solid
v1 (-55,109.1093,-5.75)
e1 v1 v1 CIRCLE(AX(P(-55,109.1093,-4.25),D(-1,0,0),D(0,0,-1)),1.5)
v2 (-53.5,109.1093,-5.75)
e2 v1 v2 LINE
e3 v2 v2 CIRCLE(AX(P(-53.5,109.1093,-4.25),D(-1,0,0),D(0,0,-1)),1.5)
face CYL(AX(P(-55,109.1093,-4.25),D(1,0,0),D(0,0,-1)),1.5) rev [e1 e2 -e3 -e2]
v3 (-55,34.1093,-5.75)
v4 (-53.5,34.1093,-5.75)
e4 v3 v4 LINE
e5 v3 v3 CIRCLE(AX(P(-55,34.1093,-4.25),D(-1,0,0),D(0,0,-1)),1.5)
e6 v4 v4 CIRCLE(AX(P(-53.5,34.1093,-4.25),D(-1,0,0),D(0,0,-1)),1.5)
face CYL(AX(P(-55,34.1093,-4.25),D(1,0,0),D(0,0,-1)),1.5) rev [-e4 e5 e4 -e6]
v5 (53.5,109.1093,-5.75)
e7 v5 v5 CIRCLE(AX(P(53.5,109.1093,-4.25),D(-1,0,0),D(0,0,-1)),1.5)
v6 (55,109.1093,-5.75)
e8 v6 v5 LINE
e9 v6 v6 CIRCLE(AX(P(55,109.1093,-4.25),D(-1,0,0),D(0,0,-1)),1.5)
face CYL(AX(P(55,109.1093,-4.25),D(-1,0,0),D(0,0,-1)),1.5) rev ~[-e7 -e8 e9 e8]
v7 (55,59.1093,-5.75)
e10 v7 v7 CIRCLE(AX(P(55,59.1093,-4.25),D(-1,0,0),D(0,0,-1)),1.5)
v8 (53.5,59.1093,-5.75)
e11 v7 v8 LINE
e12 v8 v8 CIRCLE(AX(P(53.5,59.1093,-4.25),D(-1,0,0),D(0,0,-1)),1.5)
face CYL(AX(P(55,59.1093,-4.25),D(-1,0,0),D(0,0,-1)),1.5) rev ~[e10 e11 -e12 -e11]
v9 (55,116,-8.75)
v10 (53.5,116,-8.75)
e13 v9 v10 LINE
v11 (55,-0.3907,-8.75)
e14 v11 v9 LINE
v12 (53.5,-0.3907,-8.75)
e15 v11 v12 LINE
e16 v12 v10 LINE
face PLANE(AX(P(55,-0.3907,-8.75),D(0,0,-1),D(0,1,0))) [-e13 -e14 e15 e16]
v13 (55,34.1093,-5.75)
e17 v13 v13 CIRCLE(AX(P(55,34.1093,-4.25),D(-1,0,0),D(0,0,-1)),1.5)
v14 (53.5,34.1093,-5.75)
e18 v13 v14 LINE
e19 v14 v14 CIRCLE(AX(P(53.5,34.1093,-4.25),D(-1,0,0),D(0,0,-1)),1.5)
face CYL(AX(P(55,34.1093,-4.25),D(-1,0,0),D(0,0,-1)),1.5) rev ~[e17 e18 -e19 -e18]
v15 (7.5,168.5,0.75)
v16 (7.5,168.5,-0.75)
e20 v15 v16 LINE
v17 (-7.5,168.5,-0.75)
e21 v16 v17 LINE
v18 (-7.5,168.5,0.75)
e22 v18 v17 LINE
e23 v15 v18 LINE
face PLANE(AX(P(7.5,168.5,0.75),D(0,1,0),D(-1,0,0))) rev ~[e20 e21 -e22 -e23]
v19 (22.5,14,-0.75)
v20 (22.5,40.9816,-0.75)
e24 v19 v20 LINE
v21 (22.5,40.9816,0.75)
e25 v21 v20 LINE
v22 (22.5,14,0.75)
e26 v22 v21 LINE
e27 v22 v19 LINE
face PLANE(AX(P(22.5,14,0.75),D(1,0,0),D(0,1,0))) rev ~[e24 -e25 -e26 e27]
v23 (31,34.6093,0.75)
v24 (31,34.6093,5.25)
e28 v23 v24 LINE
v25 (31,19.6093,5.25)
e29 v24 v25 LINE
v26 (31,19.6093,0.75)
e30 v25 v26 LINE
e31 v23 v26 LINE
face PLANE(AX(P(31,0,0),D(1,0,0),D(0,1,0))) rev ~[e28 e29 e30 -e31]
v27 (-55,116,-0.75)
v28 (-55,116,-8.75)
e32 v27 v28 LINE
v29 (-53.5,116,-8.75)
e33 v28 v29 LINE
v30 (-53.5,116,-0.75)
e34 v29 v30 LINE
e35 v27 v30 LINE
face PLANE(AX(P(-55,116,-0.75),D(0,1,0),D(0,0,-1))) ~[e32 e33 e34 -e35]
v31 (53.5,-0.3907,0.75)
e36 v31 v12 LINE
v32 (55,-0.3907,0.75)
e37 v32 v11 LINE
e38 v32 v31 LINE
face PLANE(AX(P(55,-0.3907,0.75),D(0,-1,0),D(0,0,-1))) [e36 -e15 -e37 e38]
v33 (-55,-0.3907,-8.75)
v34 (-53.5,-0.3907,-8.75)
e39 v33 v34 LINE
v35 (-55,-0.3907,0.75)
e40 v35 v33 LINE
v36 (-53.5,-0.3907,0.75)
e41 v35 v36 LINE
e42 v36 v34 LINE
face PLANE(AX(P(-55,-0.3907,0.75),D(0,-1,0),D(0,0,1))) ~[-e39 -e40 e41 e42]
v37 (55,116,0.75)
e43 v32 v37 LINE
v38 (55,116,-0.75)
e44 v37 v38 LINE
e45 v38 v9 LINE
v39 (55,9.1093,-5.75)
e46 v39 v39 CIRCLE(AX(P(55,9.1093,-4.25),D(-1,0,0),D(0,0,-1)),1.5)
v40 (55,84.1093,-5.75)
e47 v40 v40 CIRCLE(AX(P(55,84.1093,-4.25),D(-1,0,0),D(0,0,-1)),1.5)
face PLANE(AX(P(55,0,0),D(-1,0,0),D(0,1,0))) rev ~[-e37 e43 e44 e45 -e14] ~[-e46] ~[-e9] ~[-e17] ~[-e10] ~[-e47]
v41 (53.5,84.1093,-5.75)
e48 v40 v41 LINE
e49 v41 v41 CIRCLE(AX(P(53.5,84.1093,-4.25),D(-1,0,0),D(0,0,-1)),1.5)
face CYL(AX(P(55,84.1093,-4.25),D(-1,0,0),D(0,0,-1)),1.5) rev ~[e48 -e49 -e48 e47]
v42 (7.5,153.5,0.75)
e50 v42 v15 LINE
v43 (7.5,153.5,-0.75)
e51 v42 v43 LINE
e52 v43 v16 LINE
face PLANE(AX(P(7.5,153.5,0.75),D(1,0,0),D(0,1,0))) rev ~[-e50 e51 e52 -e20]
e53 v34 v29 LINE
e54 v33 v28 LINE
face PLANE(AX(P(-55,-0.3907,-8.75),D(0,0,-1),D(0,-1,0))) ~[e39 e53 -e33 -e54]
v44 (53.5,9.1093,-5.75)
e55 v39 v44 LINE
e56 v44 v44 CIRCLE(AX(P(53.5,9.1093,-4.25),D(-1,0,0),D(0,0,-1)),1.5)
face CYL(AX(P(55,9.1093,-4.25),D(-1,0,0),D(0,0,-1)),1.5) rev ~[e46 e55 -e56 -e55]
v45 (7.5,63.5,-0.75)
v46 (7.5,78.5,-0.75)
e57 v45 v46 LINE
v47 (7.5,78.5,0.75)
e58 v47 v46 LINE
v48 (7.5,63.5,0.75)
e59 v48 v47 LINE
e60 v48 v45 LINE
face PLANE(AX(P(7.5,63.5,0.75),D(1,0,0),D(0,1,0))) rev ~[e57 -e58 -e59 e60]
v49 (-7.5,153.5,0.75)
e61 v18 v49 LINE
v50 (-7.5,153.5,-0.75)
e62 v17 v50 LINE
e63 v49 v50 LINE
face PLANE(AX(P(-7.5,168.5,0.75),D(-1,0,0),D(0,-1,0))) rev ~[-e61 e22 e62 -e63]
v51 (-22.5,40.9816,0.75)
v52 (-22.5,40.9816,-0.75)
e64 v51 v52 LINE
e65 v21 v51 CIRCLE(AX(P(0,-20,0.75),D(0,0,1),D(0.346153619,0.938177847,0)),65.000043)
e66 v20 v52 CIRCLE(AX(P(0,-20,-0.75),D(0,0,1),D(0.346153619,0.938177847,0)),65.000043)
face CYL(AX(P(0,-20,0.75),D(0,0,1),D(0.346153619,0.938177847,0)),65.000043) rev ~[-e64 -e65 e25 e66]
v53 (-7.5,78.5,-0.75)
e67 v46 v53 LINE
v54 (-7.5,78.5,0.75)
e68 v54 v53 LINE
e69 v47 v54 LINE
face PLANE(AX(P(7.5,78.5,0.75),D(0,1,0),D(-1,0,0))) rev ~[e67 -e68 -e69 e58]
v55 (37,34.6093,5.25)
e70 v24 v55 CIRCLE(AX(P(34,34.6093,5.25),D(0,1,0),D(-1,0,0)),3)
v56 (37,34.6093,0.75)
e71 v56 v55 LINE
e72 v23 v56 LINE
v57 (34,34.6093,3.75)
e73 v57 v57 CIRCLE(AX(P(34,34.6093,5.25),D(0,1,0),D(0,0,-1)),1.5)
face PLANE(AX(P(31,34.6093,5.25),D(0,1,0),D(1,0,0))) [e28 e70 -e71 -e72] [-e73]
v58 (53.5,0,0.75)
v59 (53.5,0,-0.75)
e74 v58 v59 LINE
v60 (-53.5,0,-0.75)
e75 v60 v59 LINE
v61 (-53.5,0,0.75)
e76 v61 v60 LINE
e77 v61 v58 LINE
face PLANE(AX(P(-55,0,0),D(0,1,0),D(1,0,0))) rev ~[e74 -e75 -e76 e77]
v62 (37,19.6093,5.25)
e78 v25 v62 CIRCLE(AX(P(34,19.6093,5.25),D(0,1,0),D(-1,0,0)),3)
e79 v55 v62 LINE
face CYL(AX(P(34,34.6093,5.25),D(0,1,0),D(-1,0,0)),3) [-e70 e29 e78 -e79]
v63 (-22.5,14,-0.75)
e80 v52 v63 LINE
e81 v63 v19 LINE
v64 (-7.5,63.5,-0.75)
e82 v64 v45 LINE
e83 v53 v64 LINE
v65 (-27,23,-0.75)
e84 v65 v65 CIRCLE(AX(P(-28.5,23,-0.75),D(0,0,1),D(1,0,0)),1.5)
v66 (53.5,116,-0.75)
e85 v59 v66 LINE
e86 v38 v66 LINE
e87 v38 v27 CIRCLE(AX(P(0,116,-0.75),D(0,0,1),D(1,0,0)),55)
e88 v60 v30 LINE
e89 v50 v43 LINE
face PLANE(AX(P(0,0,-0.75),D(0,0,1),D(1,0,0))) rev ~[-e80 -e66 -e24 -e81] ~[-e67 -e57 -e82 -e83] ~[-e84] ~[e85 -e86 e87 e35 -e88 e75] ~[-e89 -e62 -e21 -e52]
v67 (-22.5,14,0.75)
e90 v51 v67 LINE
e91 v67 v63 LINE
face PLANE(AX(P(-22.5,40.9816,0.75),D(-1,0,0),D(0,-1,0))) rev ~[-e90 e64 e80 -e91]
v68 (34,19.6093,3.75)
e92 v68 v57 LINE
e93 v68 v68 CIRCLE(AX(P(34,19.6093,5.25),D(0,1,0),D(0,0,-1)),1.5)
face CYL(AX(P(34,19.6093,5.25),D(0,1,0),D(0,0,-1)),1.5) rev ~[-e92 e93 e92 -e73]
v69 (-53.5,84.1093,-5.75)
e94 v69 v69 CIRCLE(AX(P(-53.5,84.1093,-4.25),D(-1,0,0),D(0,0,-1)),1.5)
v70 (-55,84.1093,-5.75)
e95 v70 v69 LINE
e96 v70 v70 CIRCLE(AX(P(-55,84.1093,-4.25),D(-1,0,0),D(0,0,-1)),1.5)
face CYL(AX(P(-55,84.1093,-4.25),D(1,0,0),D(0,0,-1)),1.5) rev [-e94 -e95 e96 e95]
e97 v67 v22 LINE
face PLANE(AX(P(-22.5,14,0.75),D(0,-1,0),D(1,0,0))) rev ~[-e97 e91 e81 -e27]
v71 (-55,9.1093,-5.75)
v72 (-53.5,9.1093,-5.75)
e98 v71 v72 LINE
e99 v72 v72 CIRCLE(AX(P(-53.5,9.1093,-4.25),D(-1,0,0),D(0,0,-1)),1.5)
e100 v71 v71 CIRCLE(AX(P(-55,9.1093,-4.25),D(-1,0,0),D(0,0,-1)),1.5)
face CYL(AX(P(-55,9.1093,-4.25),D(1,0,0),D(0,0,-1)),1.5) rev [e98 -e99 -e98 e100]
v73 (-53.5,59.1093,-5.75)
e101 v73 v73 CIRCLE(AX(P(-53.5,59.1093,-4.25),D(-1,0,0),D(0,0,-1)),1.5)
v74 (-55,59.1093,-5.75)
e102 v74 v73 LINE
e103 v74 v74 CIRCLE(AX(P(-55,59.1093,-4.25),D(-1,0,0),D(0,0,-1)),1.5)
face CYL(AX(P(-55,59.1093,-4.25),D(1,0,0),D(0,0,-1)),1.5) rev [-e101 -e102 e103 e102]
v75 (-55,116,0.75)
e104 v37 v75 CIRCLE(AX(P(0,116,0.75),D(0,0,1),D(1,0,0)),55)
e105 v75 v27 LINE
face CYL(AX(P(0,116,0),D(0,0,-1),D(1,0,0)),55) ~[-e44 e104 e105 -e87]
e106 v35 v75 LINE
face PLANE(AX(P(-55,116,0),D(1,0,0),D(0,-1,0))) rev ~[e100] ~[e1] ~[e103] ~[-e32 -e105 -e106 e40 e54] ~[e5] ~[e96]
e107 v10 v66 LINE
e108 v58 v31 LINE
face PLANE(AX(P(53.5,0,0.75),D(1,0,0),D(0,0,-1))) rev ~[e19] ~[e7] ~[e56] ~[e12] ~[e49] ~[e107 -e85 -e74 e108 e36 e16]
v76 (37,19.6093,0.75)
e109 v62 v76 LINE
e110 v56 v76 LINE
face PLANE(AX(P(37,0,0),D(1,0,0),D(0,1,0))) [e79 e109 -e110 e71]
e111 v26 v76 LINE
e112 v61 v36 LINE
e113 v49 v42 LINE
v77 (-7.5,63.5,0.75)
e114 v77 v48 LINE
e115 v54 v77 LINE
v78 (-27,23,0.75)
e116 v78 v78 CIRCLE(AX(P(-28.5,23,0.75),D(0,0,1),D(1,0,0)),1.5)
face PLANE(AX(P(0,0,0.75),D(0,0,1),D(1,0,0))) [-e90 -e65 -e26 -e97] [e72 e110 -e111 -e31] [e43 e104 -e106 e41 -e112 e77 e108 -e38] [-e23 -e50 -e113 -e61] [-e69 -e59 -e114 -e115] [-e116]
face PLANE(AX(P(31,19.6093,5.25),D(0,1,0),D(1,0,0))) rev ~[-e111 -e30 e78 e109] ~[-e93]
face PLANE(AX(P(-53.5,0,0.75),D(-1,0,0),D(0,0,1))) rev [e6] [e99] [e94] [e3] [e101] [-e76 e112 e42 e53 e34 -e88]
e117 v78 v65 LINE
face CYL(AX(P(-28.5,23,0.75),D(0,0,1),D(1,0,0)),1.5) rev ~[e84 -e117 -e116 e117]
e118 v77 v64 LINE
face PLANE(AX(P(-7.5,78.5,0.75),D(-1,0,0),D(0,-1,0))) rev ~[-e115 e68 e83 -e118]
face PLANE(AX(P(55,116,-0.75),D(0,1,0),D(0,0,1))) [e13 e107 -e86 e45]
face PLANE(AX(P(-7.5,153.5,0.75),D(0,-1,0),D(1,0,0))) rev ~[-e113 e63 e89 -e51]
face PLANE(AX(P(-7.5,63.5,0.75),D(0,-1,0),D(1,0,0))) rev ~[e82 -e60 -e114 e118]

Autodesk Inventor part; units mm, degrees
ref_plane "XZ Plane" through (0, 0, 0) normal (0, 1, 0) x (-1, 0, 0)
ref_plane "XY Plane" through (0, 0, 0) normal (0, 0, 1) x (1, 0, 0)
sketch "Sketch2" plane through (0, 0, 0) normal (0, 0, 1) x (1, 0, 0)
  line L0 (-55, 0) -> (55, 0)
  line L1 (55, 0) -> (55, 116)
  arc A0 (55, 116) -> (-55, 116) centre (0, 116) ccw
  line L2 (-55, 116) -> (-55, 0)
  point P0 (0, 0)
  point P1 (0, 0)
  dimension "d0" = 55
  dimension "d1" = 116
extrude "Extrusion1" add sketch "Sketch2" along normal mid plane 1.5
sketch "Sketch3" plane through (0, 0, 0.75) normal (0, 0, 1) x (1, 0, 0)
  line L0 (-22.5, 14) -> (22.5, 14)
  line L1 (22.5, 14) -> (22.5, 40.9816)
  line L2 (-22.5, 40.9816) -> (-22.5, 14)
  arc A0 (22.5, 40.9816) -> (-22.5, 40.9816) centre (0, -20) ccw
  arc A1 (55, 116) -> (-55, 116) centre (0, 116) ccw projected
  line L3 (-55, 0) -> (55, 0) projected
  point P0 (0, 0)
  point P1 (0, 14)
  point P2 (0, 171)
  point P3 (0, 45)
  dimension "d4" = 65
  dimension "d5" = 45
  dimension "d6" = 14
  dimension "d7" = 31
extrude "Extrusion2" cut sketch "Sketch3" against normal up to surface (1.5 mm away)
sketch "Sketch4" plane through (0, 0, 0.75) normal (0, 0, 1) x (1, 0, 0)
  line L0 (-7.5, 63.5) -> (7.5, 63.5)
  line L1 (7.5, 63.5) -> (7.5, 78.5)
  line L2 (7.5, 78.5) -> (-7.5, 78.5)
  line L3 (-7.5, 78.5) -> (-7.5, 63.5)
  line L4 (-7.5, 153.5) -> (7.5, 153.5)
  line L5 (7.5, 153.5) -> (7.5, 168.5)
  line L6 (7.5, 168.5) -> (-7.5, 168.5)
  line L7 (-7.5, 168.5) -> (-7.5, 153.5)
  arc A0 (22.5, 40.9816) -> (-22.5, 40.9816) centre (0, -20) ccw projected
  arc A1 (55, 116) -> (-55, 116) centre (0, 116) ccw projected
  point P0 (0, 0)
  point P1 (0, 153.5)
  point P2 (0, 45)
  point P3 (0, 63.5)
  point P4 (0, 45)
  point P5 (7.5, 71)
  dimension "d10" = 15
  dimension "d11" = 15
  dimension "d12" = 15
  dimension "d13" = 15
  dimension "d14" = 37.5
  dimension "d15" = 37.5
extrude "Extrusion3" cut sketch "Sketch4" against normal up to surface (1.5 mm away)
sketch "Sketch6" plane through (55, 0, 0.75) normal (1, 0, 0) x (0, 0, -1)
  line L0 (0, 0) -> (0, 116) projected
  line L1 (1.5, 116) -> (0, 116) projected
  line L2 (1.5, 116) -> (1.5, 0) projected
  line L3 (0, 0) -> (1.5, 0) projected
  line L4 (0, -0.3907) -> (9.5, -0.3907)
  line L5 (9.5, -0.3907) -> (9.5, 116)
  line L6 (9.5, 116) -> (0, 116)
  line L7 (0, 116) -> (0, -0.3907)
  point P0 (0.75, 0)
  dimension "d18" = 9.5
extrude "Extrusion4" add sketch "Sketch6" against normal blind 1.5
sketch "Sketch7" plane through (55, -0.3907, 0.75) normal (1, 0, 0) x (0, 0, -1)
  line L0 (0, 0) -> (9.5, 0) projected
  line L1 (0, 116.3907) -> (0, 0) projected
  point P0 (0.75, 0.3907)
  point P1 (5, 109.5)
  point P2 (5, 84.5)
  point P3 (5, 59.5)
  point P4 (5, 34.5)
  point P5 (5, 9.5)
  dimension "d21" = 9.5
  dimension "d22" = 25
  dimension "d23" = 25
  dimension "d24" = 25
  dimension "d25" = 25
  dimension "d26" = 5
hole "Hole1" at (55, 109.1093, -4.25) at (55, 84.1093, -4.25) at (55, 59.1093, -4.25) at (55, 34.1093, -4.25) at (55, 9.1093, -4.25) direction (-1, 0, 0) diameter 3 depth 1.5
mirror "Mirror1" about plane through (0, 0, 0) normal (1, 0, 0) of "Extrusion4", "Hole1"
ref_plane "Work Plane1" through (31, 0, 0) normal (1, 0, 0) x (0, 1, 0)
sketch "Sketch8" plane through (31, 0, 0) normal (1, 0, 0) x (0, 1, 0)
  point P0 (0, 0)
sketch "Sketch9" plane through (31, 0, 0) normal (1, 0, 0) x (0, 1, 0)
  line L0 (40.9816, 0.75) -> (14, 0.75) projected
  line L1 (14, 0.75) -> (40.9816, 0.75) projected
  line L2 (34.6093, 0.75) -> (34.6093, 5.25)
  line L3 (34.6093, 5.25) -> (19.6093, 5.25)
  line L4 (19.6093, 5.25) -> (19.6093, 0.75)
  line L5 (-0.3907, -8.75) -> (-0.3907, 0.75) projected
  point P0 (0, 0)
  dimension "d35" = 20
  dimension "d36" = 15
  dimension "d37" = 4.5
extrude "Extrusion5" add sketch "Sketch9" along normal blind 6
sketch "Sketch10" plane through (31, 34.6093, 5.25) normal (0, 1, 0) x (1, 0, 0)
  line L0 (0, 4.5) -> (0, 0) projected
  line L1 (0, 0) -> (6, 0) projected
  line L2 (6, 4.5) -> (6, 0) projected
  line L3 (0, 4.5) -> (6, 4.5) projected
  arc A0 (0, 0) -> (6, 0) centre (3, 0) ccw
  point P0 (-31, 5.25)
extrude "Extrusion6" add sketch "Sketch10" against normal up to surface (15 mm away) contours L1 A0
sketch "Sketch11" plane through (31, 19.6093, 0.75) normal (0, -1, 0) x (1, 0, 0)
  arc A0 (6, 4.5) -> (0, 4.5) centre (3, 4.5) ccw projected
  point P0 (-31, -0.75)
  point P1 (3, 7.5)
hole "Hole2" at (34, 19.6093, 5.25) direction (0, 1, 0) diameter 3 depth 15
sketch "Sketch12" plane through (0, 0, 0.75) normal (0, 0, 1) x (1, 0, 0)
  circle A0 centre (-28.5, 23) radius 1.5
  line L0 (-22.5, 14) -> (-22.5, 40.9816) projected
  line L1 (-53.5, 0) -> (53.5, 0) projected
  point P0 (0, 0)
  dimension "d49" = 3
  dimension "d50" = 6
  dimension "d51" = 23
extrude "Extrusion7" cut sketch "Sketch12" against normal up to surface (1.5 mm away)
equation "\"d13\" = d12"
equation "\"d15\" = d14"
equation "\"d23\" = d22"
equation "\"d24\" = d22"
equation "\"d25\" = d22"
properties part number "1 part 07"
